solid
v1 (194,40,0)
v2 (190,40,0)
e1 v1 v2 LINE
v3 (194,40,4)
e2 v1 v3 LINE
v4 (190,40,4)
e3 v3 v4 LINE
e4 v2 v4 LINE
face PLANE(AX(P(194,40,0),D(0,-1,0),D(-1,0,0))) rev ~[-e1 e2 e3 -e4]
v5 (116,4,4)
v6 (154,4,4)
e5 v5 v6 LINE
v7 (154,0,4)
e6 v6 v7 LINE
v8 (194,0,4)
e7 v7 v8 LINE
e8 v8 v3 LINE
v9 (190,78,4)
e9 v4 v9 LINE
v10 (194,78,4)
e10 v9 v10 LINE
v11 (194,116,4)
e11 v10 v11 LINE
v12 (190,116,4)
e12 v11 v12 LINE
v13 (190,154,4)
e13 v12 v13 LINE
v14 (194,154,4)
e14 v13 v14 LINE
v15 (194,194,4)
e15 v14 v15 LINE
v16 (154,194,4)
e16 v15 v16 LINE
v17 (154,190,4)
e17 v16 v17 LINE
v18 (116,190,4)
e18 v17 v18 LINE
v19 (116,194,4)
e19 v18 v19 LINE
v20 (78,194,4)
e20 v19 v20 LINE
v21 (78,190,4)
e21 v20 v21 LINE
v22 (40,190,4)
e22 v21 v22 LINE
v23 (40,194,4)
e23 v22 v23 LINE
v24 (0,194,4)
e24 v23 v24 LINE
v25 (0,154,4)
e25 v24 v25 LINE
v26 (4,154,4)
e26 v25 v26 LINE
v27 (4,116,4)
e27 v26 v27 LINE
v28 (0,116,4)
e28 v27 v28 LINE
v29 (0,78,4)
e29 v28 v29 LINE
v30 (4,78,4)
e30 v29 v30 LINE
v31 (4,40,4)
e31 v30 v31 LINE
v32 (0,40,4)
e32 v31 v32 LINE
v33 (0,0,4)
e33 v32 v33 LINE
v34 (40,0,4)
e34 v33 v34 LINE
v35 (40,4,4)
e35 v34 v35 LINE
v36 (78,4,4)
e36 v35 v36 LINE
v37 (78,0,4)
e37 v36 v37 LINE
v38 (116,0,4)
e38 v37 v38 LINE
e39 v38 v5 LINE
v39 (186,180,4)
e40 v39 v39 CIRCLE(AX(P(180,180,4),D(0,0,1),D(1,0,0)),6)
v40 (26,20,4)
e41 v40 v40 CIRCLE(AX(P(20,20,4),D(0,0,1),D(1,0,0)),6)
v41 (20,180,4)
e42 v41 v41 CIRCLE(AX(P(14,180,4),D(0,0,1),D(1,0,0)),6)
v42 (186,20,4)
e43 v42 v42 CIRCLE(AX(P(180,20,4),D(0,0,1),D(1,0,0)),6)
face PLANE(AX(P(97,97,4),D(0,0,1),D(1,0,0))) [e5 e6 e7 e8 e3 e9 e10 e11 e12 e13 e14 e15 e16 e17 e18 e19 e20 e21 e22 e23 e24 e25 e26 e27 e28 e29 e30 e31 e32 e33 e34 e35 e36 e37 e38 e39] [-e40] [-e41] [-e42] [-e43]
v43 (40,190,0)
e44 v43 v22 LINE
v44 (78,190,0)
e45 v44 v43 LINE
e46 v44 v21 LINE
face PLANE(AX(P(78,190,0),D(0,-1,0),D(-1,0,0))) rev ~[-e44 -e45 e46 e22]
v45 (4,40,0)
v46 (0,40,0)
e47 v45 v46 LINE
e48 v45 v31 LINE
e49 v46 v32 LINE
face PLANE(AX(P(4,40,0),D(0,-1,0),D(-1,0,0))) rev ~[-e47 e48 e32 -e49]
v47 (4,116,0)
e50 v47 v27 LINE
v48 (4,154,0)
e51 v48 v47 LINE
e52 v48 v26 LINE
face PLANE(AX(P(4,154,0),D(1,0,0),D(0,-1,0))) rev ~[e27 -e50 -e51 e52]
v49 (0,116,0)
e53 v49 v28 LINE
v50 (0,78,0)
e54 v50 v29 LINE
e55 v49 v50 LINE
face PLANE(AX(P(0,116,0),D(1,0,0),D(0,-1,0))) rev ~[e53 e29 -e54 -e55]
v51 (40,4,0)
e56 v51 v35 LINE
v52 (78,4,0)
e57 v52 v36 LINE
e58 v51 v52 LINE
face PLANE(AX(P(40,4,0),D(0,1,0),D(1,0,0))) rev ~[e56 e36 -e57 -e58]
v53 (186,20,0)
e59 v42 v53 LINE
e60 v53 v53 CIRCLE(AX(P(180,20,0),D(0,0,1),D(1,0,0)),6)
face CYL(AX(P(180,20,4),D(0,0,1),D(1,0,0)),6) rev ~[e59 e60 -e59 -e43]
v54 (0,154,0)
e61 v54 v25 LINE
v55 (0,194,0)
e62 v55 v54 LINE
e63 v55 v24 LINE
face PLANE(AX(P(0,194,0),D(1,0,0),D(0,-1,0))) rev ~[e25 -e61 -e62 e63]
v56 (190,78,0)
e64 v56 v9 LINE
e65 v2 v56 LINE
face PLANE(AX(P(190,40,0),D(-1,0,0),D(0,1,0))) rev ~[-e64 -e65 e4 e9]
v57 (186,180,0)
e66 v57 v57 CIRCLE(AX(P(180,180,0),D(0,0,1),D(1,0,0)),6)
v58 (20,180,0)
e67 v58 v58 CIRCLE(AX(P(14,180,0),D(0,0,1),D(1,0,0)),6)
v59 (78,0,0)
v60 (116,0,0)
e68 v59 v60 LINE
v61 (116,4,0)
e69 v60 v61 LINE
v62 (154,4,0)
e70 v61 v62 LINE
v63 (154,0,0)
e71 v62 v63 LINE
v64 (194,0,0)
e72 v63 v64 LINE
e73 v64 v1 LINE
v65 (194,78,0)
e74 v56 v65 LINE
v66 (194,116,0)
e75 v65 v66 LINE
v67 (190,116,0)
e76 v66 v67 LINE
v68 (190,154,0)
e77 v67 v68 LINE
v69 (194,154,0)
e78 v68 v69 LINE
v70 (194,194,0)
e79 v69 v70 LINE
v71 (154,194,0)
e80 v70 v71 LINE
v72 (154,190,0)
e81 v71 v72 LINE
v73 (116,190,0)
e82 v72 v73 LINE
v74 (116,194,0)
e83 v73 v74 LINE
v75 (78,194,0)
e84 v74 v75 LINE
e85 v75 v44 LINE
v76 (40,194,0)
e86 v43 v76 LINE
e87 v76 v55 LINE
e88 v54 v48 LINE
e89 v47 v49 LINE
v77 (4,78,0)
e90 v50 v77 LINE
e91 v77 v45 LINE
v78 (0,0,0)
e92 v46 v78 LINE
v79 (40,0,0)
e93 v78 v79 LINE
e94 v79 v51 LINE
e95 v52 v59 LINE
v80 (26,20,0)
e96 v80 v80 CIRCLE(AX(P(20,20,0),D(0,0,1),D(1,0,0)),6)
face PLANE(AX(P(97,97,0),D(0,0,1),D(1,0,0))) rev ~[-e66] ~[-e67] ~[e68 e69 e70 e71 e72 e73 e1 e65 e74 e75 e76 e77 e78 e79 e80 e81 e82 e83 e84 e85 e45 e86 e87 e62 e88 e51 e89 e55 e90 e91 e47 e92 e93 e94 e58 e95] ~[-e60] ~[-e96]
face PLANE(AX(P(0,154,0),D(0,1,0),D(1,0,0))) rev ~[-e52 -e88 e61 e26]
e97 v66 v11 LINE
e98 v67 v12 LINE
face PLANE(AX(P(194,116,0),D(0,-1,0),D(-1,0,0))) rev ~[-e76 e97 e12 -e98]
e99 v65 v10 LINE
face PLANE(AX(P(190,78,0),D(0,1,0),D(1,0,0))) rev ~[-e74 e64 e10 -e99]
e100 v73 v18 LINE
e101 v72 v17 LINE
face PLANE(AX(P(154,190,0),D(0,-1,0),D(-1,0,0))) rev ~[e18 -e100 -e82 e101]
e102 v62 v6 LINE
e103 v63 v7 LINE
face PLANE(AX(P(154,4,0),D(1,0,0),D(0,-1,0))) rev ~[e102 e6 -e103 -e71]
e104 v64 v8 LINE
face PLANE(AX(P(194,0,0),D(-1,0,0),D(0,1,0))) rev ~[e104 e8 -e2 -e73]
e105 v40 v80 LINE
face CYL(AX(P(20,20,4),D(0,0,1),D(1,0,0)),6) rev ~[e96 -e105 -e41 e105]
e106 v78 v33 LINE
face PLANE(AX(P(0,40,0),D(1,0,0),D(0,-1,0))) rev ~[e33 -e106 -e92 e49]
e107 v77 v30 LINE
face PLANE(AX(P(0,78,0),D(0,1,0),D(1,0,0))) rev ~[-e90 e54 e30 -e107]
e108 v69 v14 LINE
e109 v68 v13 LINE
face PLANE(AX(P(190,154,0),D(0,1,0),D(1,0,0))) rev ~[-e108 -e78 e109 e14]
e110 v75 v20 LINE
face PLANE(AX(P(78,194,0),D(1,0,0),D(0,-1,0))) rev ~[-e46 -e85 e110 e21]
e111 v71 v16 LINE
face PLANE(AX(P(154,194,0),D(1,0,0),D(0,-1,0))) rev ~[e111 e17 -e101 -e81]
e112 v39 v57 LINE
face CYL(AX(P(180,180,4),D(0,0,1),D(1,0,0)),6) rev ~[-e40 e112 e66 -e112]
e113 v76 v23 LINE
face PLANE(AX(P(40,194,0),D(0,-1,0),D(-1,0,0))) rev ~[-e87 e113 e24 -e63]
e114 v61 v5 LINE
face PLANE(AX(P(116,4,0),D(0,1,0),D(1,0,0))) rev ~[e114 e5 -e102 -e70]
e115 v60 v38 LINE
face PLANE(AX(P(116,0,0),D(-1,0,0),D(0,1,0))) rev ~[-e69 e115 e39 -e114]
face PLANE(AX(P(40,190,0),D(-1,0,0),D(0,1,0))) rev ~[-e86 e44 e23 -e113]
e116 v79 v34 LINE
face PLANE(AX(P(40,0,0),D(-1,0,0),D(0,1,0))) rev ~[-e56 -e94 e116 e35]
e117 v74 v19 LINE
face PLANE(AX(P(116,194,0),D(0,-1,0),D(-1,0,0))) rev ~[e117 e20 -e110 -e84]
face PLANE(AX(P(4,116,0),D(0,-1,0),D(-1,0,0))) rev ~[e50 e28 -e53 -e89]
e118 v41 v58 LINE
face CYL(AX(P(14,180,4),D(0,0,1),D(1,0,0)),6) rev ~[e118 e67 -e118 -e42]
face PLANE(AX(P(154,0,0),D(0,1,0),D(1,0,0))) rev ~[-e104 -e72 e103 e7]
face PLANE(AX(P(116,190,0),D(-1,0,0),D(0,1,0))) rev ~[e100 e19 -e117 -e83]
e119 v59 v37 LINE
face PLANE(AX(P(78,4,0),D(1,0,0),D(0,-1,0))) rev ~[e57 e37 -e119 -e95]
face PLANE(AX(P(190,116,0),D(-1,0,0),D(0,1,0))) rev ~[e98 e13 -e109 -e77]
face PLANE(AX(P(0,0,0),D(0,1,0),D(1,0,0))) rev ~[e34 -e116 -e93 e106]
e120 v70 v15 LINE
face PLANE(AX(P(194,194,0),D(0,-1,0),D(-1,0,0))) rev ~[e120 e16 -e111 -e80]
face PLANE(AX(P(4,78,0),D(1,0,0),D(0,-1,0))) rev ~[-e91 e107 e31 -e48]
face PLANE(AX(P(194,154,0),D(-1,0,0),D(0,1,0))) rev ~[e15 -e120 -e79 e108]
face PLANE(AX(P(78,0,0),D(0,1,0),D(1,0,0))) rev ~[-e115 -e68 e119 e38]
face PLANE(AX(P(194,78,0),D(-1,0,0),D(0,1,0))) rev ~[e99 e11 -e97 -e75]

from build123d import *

# Parameters (mm, degrees)
F1_DEPTH = 4
F2_R     = 6
F3_DEPTH = 4


with BuildPart() as f1:
    # F0 (on Top) → F1 (new body)
    with BuildSketch(Plane.XY):
        Polygon((0, 40), (0, 0), (40, 0), (40, 4), (78, 4), (78, 0), (116, 0), (116, 4), (154, 4), (154, 0), (194, 0), (194, 40), (190, 40), (190, 78), (194, 78), (194, 116), (190, 116), (190, 154), (194, 154), (194, 194), (154, 194), (154, 190), (116, 190), (116, 194), (78, 194), (78, 190), (40, 190), (40, 194), (0, 194), (0, 154), (4, 154), (4, 116), (0, 116), (0, 78), (4, 78), (4, 40), align=None)
    extrude(amount=F1_DEPTH)

    # F2 (on face) → F3 (cut)
    with BuildSketch(Plane.XY.offset(4)):
        with Locations((14, 180)):
            Circle(F2_R)
        with Locations((180, 180)):
            Circle(F2_R)
        with Locations((180, 20)):
            Circle(F2_R)
        with Locations((20, 20)):
            Circle(F2_R)
    extrude(amount=-F3_DEPTH, mode=Mode.SUBTRACT)


solid = f1.part
